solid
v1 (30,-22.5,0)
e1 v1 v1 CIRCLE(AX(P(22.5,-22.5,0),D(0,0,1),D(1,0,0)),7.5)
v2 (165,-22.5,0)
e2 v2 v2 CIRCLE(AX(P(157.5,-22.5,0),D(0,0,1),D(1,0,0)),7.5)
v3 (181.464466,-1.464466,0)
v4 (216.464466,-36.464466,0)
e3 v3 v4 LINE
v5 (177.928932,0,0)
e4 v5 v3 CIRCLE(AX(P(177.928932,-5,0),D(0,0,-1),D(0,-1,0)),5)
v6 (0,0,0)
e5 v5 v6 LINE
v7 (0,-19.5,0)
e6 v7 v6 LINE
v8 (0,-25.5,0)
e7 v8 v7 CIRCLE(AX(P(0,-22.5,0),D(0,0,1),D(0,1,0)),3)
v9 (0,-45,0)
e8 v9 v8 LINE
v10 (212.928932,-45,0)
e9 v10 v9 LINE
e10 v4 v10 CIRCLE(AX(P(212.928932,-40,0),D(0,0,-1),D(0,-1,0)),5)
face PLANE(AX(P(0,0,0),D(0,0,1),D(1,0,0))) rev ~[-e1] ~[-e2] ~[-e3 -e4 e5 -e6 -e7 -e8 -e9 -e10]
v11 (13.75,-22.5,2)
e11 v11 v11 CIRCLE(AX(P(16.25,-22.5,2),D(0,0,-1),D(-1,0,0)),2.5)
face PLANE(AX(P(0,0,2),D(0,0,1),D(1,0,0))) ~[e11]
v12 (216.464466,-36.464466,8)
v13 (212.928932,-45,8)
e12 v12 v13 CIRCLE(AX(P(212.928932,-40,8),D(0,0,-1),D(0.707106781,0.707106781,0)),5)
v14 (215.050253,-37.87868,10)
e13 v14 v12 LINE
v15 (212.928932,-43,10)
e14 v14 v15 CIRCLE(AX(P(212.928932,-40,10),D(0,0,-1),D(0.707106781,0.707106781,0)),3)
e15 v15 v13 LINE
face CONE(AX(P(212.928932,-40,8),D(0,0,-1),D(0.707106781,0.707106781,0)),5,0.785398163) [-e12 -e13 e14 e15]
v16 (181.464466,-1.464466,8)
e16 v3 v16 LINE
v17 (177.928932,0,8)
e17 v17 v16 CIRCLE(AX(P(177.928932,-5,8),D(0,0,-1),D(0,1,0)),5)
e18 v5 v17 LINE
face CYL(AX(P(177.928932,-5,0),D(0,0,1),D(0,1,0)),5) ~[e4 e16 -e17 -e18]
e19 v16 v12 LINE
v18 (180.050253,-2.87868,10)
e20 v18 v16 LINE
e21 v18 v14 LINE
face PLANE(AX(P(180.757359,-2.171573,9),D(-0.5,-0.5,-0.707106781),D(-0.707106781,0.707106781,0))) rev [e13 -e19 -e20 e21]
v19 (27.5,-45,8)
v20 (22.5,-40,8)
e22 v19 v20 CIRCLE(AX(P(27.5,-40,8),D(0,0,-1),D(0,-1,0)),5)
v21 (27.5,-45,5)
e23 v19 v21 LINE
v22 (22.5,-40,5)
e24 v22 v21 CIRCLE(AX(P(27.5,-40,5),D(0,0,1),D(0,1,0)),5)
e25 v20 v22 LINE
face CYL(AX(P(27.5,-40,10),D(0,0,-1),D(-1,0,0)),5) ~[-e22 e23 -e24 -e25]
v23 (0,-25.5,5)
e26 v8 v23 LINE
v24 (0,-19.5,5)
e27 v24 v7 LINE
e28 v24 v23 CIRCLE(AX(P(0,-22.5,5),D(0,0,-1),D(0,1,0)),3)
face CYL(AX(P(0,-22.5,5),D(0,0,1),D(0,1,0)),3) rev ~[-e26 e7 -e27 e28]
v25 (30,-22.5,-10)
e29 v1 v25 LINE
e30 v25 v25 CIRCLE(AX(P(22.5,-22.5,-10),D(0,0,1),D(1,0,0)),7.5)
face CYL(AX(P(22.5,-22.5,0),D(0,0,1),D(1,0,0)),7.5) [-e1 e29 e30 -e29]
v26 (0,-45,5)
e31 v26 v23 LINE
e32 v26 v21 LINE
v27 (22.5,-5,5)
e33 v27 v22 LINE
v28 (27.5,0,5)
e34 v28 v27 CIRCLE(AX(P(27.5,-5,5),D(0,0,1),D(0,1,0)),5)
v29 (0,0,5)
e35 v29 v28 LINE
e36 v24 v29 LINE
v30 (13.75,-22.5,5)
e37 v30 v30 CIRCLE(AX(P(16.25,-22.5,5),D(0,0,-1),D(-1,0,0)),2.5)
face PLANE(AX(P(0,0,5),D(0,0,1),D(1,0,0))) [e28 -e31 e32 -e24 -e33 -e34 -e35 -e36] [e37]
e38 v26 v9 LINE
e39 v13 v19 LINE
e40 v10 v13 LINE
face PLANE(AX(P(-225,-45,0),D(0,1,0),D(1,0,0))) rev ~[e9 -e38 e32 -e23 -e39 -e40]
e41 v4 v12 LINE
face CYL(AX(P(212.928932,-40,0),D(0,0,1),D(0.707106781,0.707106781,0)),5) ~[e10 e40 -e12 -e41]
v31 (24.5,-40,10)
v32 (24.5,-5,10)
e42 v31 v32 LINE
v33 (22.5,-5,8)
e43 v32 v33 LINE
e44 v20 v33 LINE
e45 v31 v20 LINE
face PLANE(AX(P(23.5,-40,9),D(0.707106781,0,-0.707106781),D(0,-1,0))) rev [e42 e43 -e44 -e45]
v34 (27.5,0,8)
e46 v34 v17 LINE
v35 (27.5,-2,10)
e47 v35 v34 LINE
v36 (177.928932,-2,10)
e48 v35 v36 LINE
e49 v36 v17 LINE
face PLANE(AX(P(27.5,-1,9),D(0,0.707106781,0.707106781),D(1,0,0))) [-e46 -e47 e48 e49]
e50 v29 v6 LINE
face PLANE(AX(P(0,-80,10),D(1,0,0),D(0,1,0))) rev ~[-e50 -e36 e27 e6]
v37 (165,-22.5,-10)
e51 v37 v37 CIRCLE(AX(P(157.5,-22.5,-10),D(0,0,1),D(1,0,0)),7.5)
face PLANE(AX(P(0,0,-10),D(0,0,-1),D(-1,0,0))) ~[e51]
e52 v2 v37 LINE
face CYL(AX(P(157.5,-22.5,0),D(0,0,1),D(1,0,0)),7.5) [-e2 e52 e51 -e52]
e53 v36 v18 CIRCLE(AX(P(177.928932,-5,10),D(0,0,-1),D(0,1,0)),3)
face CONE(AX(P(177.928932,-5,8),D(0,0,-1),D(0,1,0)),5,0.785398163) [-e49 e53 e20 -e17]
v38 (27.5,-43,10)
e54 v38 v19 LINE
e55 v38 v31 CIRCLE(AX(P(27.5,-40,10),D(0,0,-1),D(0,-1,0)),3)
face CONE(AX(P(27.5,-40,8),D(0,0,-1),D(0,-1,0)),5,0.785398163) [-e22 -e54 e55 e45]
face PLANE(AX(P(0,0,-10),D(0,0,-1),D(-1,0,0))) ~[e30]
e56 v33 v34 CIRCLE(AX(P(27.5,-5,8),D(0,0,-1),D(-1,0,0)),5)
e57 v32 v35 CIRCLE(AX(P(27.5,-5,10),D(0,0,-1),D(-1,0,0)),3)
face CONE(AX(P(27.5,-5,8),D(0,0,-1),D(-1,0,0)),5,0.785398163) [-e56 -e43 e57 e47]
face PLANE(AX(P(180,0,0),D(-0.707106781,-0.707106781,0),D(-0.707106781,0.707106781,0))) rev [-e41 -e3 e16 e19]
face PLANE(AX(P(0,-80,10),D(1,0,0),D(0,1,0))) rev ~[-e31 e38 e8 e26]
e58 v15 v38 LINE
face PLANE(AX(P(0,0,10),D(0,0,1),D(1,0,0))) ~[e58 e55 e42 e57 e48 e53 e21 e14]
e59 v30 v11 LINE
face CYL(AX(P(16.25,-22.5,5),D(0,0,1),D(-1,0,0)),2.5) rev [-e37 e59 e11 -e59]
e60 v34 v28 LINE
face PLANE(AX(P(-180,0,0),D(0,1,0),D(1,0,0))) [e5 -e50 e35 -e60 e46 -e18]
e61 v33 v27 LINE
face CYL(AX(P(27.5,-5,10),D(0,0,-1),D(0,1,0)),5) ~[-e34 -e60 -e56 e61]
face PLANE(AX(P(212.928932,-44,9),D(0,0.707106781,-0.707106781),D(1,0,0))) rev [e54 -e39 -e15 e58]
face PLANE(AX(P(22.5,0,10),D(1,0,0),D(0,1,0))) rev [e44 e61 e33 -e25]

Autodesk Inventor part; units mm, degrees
ref_plane "YZ Plane" through (0, 0, 0) normal (1, 0, 0) x (0, 1, 0)
ref_plane "XZ Plane" through (0, 0, 0) normal (0, 1, 0) x (-1, 0, 0)
ref_plane "XY Plane" through (0, 0, 0) normal (0, 0, 1) x (1, 0, 0)
sketch "Sketch1" plane through (0, 0, 0) normal (0, 0, 1) x (1, 0, 0)
  line L0 (-180, 0) -> (0, 0)
  line L1 (-225, -45) -> (0, -45)
  line L2 (-180, 0) -> (-225, -45)
  line L3 (0, 0) -> (0, -45)
  dimension "d2" = 45
  dimension "d9" = 225
  dimension "d10" = 180
extrude "Extrusion1" add sketch "Sketch1" along normal blind 10
sketch "Sketch2" plane through (0, 0, 10) normal (0, 0, 1) x (1, 0, 0)
  line L0 (0, 0) -> (-180, 0) projected
  line L1 (-225, -45) -> (0, -45) projected
  line L2 (0, 0) -> (-22.5, 0)
  line L3 (-22.5, 0) -> (-22.5, -45)
  line L4 (-22.5, -45) -> (0, -45)
  line L5 (0, -45) -> (0, 0)
  dimension "d11" = 22.5
extrude "Extrusion2" cut sketch "Sketch2" against normal blind 5
sketch "Sketch3" plane through (0, 0, 5) normal (0, 0, 1) x (1, 0, 0)
  line L0 (0, -19.5) -> (0, -19.5)
  line L1 (0, -25.5) -> (0, -25.5)
  line L2 (-3, -22.5) -> (-3, -22.5)
  line L3 (0, -19.5) -> (0, -25.5)
  line L4 (0, -45) -> (-22.5, -45) projected
  arc A0 (0, -19.5) -> (-3, -22.5) centre (0, -22.5) ccw
  arc A1 (-3, -22.5) -> (0, -25.5) centre (0, -22.5) ccw
  point P0 (0, -22.5)
  dimension "d18" = 22.5
  dimension "d47" = 3
  dimension "d48" = 6
  dimension "d49" = 3
extrude "Extrusion3" cut sketch "Sketch3" against normal blind 5
sketch "Sketch4" plane through (0, 0, 0) normal (0, 0, -1) x (-1, 0, 0)
  circle A0 centre (22.5, -22.5) radius 7.5
  circle A1 centre (157.5, -22.5) radius 7.5
  point P0 (0, -45)
  point P1 (180, 0)
  dimension "d26" = 15
  dimension "d30" = 15
extrude "Extrusion4" add sketch "Sketch4" along normal blind 10
fillet "Fillet4" radius 5 4 edges at (-225, -45, 5) (-180, 0, 5) (-22.5, 0, 7.5) (-22.5, -45, 7.5)
chamfer "Chamfer2" distance 2 angle 45 8 edges at (-120.2145, -45, 10) (-23.9645, -43.5355, 10) (-22.5, -22.5, 10) (-23.9645, -1.4645, 10) (-102.7145, 0, 10) (-179.8423, -0.3806, 10) (-198.9645, -18.9645, 10) (-217.5483, -41.9134, 10)
sketch "Sketch5" plane through (0, 0, 5) normal (0, 0, 1) x (1, 0, 0)
  line L0 (-22.5, -40) -> (-22.5, -5) projected
  circle A0 centre (-16.25, -22.5) radius 2.5
  line L1 (0, -45) -> (-27.5, -45) projected
  point P0 (0, 0)
  dimension "d38" = 5
  dimension "d39" = 6.25
  dimension "d40" = 22.5
extrude "Extrusion5" cut sketch "Sketch5" against normal blind 3
mirror "Mirror1" about plane through (0, 0, 0) normal (1, 0, 0)
sketch "Sketch6" plane through (0, 0, 10) normal (0, 0, 1) x (1, 0, 0)
  line L0 (0, 20) -> (-240, 20)
  line L1 (-240, 20) -> (-240, -80)
  line L2 (-240, -80) -> (0, -80)
  line L3 (0, -80) -> (0, 20)
  point P0 (0, 0)
  dimension "d43" = 240
  dimension "d44" = 100
extrude "Extrusion6" cut sketch "Sketch6" against normal blind 20
properties part number "Border"
